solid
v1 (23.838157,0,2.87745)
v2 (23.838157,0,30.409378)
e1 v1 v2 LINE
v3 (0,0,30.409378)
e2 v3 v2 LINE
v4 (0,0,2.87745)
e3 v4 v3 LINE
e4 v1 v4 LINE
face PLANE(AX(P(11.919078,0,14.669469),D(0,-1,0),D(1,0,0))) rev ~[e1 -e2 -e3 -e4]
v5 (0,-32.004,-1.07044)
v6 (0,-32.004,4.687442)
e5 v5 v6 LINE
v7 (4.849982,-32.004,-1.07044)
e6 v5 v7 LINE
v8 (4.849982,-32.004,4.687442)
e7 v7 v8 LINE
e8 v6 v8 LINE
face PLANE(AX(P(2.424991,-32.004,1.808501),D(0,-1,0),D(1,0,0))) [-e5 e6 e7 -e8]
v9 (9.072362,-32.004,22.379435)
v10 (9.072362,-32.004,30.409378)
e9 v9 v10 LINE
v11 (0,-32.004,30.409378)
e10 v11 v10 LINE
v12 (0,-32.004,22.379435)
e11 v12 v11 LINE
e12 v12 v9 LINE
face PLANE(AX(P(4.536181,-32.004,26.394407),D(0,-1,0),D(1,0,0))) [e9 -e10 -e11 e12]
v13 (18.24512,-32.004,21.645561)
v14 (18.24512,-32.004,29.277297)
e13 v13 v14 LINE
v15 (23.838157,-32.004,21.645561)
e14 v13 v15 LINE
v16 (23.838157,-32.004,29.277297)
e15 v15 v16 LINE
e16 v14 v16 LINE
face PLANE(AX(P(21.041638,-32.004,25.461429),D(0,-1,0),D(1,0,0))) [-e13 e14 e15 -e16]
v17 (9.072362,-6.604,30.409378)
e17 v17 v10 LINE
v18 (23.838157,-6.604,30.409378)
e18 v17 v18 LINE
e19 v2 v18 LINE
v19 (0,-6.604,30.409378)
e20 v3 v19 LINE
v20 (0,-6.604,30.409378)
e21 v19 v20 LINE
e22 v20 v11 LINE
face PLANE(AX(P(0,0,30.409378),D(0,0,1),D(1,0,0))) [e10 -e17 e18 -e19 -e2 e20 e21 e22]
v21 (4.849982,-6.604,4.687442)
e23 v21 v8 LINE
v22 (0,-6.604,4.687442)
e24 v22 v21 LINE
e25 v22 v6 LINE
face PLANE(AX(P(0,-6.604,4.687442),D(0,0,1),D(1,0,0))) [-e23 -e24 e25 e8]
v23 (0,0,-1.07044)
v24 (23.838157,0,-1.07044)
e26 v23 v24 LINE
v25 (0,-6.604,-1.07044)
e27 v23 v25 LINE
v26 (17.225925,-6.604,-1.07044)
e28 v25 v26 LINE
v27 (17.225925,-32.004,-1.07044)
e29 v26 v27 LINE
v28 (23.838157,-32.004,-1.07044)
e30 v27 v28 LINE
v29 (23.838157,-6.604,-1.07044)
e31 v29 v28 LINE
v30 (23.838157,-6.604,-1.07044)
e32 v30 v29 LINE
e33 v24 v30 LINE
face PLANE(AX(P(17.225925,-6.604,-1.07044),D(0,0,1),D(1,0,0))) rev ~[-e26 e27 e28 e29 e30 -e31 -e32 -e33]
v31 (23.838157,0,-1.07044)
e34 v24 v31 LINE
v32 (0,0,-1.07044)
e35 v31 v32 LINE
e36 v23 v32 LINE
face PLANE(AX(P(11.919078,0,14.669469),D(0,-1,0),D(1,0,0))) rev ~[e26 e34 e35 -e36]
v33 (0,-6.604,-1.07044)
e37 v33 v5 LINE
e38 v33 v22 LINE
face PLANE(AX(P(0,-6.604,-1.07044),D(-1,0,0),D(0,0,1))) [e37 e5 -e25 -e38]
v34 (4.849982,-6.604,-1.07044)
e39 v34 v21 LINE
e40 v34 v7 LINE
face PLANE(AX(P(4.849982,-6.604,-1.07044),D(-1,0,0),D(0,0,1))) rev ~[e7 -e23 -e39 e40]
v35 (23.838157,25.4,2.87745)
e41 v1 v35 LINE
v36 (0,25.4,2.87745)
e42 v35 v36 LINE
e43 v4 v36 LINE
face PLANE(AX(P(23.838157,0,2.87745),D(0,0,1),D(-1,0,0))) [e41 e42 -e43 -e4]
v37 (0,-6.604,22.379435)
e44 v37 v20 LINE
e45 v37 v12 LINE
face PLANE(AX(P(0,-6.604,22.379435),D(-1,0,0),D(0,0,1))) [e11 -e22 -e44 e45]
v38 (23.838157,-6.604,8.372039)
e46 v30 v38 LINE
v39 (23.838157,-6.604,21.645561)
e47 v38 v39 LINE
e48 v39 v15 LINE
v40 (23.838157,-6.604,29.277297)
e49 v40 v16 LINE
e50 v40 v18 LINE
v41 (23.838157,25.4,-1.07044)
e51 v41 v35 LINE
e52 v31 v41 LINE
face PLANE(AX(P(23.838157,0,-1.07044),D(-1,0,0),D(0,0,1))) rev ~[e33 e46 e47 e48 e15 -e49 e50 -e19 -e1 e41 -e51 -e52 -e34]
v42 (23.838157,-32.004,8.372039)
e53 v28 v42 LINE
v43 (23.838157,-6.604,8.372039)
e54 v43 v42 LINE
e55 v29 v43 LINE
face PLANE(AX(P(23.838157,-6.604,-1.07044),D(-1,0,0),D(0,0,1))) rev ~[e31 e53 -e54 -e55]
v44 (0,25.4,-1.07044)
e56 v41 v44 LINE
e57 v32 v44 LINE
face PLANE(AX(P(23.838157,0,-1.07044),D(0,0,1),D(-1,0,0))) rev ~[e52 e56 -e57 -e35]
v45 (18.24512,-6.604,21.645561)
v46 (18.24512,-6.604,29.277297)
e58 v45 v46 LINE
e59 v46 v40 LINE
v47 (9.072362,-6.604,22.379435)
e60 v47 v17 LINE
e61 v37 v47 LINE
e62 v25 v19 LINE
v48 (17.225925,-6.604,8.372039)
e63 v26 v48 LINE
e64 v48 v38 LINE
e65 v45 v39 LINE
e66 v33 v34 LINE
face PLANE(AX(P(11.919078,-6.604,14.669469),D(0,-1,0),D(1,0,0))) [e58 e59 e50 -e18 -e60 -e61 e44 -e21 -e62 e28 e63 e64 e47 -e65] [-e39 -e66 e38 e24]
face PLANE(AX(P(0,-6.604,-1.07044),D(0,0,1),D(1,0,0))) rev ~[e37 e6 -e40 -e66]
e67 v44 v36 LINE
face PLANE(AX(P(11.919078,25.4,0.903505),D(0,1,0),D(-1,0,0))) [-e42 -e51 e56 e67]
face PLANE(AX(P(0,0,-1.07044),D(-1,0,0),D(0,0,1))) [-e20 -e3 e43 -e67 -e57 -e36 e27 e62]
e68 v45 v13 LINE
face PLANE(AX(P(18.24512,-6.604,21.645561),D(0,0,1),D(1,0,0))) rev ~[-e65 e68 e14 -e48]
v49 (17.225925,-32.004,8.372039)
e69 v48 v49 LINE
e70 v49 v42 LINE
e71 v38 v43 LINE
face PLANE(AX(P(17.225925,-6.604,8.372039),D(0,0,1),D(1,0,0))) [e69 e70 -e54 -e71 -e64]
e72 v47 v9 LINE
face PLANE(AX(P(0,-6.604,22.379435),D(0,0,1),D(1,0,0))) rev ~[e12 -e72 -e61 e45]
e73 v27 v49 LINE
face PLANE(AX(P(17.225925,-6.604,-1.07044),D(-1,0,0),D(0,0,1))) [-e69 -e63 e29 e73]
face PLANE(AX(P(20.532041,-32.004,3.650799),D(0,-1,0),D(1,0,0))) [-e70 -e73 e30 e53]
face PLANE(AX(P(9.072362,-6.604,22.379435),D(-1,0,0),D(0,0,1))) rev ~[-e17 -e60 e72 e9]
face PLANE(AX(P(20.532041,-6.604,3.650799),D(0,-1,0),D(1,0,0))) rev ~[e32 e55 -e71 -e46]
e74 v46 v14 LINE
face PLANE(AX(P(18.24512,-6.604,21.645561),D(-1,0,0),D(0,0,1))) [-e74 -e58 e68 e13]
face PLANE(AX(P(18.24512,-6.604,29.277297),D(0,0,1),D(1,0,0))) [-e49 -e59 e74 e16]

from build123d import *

# Parameters (mm, degrees)
F0_W     = 23.838157
F0_H     = 31.479819
F1_DEPTH = 6.604
F2_W     = 5.593037
F2_H     = 7.631736
F2_W_2   = 4.849982
F2_H_2   = 5.757882
F2_W_3   = 6.612232
F2_H_3   = 9.442479
F2_W_4   = 9.072362
F2_H_4   = 8.029943
F3_DEPTH = 25.4
F4_W     = 23.838157
F4_H     = 3.94789
F5_DEPTH = 25.4


with BuildPart() as f1:
    # F0 (on Front) → F1 (new body)
    with BuildSketch(Plane.XZ):
        with Locations((11.919078, 14.669469)):
            Rectangle(F0_W, F0_H)
    extrude(amount=F1_DEPTH)

    # F2 (on face) → F3 (join)
    with BuildSketch(Plane.XZ.offset(6.604)):
        with Locations((21.041638, 25.461429)):
            Rectangle(F2_W, F2_H)
        with Locations((2.424991, 1.808501)):
            Rectangle(F2_W_2, F2_H_2)
        with Locations((20.532041, 3.650799)):
            Rectangle(F2_W_3, F2_H_3)
        with Locations((4.536181, 26.394407)):
            Rectangle(F2_W_4, F2_H_4)
    extrude(amount=F3_DEPTH)

    # F4 (on face) → F5 (join)
    with BuildSketch(Plane(origin=(0, 0, 0), x_dir=(-1, 0, 0), z_dir=(0, 1, 0))):
        with Locations((-11.919078, 0.903505)):
            Rectangle(F4_W, F4_H)
    extrude(amount=F5_DEPTH)


solid = f1.part
